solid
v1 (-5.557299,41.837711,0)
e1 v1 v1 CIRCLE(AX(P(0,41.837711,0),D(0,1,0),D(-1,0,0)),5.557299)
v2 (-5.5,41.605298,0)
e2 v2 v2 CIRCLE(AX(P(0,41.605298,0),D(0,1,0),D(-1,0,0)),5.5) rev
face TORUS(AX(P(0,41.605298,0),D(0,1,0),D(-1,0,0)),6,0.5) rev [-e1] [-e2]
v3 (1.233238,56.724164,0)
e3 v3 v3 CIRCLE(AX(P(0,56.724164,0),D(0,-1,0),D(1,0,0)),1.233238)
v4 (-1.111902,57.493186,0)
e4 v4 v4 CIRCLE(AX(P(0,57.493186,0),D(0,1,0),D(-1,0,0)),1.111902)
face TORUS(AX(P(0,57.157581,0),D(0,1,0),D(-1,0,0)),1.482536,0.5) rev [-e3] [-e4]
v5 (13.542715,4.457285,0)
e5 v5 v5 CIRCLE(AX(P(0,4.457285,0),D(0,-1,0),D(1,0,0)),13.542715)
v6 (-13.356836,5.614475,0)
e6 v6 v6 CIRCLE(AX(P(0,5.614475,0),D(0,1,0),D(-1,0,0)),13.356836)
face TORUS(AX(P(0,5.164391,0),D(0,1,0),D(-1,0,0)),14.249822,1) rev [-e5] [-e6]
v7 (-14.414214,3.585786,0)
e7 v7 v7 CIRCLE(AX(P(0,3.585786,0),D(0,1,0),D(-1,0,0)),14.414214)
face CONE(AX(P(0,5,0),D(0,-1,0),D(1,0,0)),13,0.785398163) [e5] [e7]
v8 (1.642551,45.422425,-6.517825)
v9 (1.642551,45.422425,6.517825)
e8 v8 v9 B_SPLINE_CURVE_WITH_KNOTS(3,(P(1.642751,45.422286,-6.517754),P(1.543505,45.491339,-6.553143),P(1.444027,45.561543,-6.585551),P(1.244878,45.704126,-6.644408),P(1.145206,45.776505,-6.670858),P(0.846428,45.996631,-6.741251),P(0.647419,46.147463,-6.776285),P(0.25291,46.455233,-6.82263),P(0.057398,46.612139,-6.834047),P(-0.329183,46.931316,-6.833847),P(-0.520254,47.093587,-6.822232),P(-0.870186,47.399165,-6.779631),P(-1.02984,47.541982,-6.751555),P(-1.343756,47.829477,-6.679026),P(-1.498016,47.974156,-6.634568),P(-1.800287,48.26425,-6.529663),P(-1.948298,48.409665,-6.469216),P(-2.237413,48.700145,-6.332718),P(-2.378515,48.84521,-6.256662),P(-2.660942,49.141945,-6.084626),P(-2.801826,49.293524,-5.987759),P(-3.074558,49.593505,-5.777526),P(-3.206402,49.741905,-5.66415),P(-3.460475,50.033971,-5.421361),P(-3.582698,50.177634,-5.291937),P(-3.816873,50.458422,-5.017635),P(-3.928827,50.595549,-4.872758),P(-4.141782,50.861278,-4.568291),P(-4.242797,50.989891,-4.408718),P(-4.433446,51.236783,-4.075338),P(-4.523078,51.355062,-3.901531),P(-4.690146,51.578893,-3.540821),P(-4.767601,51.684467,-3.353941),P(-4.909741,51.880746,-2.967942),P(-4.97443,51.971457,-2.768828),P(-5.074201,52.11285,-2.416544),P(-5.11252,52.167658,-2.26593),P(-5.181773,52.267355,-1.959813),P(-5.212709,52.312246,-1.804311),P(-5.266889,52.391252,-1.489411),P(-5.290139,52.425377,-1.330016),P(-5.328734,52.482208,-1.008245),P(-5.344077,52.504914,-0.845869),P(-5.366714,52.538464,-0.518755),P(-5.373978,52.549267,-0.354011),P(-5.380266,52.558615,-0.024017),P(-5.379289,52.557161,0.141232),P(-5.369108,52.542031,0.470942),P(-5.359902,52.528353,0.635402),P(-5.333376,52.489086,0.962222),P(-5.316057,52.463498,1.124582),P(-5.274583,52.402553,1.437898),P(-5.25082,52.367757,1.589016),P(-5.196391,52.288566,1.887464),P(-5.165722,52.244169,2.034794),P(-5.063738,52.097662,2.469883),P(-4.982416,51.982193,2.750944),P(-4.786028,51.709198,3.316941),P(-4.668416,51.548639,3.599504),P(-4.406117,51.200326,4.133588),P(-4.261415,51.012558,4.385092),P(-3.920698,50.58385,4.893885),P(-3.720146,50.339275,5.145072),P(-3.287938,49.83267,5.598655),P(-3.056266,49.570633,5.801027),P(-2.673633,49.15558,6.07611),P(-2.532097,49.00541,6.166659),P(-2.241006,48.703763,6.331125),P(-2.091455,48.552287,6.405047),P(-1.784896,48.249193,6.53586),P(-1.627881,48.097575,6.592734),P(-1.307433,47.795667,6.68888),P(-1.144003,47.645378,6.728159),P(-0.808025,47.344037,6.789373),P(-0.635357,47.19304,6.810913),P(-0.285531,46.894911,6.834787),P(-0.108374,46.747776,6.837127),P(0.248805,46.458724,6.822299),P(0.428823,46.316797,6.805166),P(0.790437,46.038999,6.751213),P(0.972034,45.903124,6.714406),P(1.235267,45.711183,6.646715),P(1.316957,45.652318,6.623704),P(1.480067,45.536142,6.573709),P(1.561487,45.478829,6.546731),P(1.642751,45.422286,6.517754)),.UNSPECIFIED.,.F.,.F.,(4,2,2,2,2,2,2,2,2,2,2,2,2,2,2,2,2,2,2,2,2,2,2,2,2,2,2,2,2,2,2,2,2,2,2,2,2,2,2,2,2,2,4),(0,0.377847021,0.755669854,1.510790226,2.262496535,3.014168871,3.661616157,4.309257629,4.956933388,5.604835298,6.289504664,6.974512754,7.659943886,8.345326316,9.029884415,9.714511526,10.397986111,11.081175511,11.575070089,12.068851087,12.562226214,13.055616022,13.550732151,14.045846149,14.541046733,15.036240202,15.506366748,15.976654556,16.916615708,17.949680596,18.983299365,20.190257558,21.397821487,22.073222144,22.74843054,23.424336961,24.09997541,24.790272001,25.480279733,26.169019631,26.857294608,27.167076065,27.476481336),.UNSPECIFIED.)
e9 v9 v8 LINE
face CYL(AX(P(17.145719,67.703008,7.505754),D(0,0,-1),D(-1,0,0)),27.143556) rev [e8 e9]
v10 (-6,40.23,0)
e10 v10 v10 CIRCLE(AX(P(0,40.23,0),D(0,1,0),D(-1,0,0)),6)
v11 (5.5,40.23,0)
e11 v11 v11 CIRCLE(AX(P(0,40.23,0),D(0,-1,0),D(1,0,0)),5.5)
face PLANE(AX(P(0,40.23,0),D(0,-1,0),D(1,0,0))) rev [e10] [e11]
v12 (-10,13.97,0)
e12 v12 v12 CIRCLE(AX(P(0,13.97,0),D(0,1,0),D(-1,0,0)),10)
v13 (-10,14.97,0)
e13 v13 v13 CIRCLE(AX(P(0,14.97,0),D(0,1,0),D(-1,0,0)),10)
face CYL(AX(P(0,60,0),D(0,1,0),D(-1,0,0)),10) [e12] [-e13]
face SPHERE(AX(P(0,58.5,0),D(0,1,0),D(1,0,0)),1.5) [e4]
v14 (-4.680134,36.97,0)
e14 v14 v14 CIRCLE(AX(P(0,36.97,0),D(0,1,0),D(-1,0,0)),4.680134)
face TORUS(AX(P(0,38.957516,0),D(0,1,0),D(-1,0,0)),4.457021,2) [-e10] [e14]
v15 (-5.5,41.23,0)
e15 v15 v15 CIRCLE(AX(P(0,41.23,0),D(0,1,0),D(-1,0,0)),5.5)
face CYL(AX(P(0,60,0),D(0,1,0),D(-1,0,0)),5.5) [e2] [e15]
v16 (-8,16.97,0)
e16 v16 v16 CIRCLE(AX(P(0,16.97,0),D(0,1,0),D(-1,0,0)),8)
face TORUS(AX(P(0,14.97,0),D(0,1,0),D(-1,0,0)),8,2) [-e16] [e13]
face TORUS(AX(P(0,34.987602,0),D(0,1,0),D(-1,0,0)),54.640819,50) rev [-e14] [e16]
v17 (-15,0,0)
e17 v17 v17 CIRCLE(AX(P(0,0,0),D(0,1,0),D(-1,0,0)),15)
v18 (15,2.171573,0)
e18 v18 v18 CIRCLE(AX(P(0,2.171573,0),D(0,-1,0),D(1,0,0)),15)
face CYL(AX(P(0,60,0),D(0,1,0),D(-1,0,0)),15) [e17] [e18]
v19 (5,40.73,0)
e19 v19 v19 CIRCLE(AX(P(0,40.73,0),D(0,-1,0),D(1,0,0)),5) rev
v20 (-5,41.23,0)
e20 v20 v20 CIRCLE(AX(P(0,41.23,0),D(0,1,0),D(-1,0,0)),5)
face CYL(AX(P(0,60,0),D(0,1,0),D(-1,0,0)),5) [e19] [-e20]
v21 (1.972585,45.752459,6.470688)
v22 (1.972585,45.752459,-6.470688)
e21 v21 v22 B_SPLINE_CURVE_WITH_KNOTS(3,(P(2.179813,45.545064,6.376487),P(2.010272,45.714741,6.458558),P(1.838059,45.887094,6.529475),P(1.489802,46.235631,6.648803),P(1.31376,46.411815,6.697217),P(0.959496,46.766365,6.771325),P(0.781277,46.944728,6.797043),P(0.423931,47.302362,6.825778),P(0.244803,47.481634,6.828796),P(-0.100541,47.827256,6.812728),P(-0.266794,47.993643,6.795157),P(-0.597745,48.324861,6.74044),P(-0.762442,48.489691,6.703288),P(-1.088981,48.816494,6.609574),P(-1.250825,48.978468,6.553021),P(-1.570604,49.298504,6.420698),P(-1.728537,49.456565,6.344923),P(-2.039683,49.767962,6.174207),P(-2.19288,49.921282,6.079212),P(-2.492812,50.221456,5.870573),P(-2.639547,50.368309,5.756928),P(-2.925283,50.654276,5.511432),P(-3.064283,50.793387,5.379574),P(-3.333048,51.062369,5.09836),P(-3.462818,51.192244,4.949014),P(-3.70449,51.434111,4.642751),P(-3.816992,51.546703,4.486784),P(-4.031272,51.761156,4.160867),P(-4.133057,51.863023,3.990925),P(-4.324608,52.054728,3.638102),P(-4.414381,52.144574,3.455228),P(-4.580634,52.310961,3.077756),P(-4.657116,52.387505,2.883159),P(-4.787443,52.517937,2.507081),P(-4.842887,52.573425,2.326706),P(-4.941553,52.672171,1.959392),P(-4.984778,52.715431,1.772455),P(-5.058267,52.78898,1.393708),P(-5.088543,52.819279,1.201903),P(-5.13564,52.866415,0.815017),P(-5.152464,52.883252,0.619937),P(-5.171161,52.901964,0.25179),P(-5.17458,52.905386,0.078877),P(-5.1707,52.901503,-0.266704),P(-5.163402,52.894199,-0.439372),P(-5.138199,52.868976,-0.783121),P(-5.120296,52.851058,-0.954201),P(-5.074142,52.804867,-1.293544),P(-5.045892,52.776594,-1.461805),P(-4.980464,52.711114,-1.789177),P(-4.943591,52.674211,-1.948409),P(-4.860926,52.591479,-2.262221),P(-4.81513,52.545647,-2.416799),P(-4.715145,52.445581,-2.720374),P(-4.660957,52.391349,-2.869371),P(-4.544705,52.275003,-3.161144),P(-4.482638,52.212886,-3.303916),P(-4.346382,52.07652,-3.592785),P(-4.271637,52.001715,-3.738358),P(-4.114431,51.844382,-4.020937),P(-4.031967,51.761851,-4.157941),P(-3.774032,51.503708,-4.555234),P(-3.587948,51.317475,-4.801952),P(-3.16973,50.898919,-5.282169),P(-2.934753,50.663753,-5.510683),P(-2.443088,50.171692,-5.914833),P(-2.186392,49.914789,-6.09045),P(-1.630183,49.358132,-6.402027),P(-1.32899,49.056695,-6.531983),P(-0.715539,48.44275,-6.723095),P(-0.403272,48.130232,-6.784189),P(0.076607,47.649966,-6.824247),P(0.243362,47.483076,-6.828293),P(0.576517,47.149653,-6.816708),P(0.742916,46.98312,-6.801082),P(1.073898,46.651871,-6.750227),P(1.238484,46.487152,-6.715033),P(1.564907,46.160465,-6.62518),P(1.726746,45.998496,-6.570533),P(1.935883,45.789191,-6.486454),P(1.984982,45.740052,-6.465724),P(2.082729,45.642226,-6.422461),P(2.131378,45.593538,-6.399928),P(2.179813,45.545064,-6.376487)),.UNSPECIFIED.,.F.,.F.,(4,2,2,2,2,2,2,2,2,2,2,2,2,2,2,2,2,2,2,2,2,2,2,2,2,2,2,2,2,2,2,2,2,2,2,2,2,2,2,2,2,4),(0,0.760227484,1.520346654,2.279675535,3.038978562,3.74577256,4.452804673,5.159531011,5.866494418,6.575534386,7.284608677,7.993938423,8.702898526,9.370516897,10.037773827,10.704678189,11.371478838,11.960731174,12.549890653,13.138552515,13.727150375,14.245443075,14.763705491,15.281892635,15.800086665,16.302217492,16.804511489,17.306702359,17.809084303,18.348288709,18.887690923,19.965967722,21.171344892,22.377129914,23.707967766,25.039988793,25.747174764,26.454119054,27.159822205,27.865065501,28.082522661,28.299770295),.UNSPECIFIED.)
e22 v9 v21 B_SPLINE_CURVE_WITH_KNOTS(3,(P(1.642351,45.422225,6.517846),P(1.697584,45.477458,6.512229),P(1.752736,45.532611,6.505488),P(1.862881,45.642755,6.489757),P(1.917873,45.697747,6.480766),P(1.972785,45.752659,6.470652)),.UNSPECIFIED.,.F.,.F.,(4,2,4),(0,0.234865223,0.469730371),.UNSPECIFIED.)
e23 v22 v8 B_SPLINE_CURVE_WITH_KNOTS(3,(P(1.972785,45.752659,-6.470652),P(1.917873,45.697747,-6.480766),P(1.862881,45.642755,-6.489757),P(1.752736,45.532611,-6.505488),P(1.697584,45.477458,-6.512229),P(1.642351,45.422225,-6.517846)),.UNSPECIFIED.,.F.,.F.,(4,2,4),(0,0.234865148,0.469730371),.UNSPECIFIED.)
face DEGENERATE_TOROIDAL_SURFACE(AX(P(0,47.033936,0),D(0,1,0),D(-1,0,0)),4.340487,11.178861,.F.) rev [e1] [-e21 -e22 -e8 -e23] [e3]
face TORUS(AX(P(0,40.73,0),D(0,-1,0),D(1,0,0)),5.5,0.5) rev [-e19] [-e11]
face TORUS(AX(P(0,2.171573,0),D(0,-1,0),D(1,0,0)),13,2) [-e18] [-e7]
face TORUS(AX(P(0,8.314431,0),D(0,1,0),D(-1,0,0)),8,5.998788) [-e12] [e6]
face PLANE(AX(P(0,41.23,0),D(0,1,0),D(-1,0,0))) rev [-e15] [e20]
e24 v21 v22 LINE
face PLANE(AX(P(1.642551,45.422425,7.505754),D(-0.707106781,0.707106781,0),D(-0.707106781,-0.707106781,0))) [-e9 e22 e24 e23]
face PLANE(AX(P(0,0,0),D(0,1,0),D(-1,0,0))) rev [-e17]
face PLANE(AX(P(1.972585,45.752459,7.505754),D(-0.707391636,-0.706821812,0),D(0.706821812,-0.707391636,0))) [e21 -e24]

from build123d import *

# Parameters (mm, degrees)
FILLET7_R               = 2
FILLET8_R               = 1
FILLET9_R               = 0.5
FILLET10_R              = 0.5
CUT_EXTRUDE3_DEPTH      = 1
CUT_EXTRUDE3_DEPTH_BACK = 14


with BuildPart() as part:
    # Sketch3 → Revolve1 (revolve)
    with BuildSketch(Plane.XY, mode=Mode.PRIVATE) as revolve1_sk:
        with BuildLine():
            ThreePointArc((0.529133906, 57.096426949), (1.475696374, 58.768924175), (0, 60))
            Line((0, 60), (0, 58.5))
            Line((0, 58.5), (0, 0))
            Line((0, 0), (13, 0))
            Line((13, 0), (15, 0))
            Line((15, 0), (15, 3))
            Line((15, 3), (13, 5))
            ThreePointArc((13, 5), (13.689044296, 10.217121838), (10, 13.97))
            Line((10, 13.97), (10, 14.97))
            ThreePointArc((10, 14.97), (9.414213562, 16.384213562), (8, 16.97))
            ThreePointArc((8, 16.97), (5.315747627, 26.799969862), (4.680133538, 36.97))
            ThreePointArc((4.680133538, 36.97), (6.310846591, 38.206963273), (6, 40.23))
            Line((6, 40.23), (5, 40.23))
            Line((5, 40.23), (5, 41.23))
            Line((5, 41.23), (5.5, 41.23))
            Line((5.5, 41.23), (5.5, 41.73))
            ThreePointArc((5.5, 41.73), (6.295705275, 50.474624776), (0.529133906, 57.096426949))
        make_face()
    revolve(revolve1_sk.sketch.rotate(Axis((0, 60, 0), (0, -1, 0)), 180), axis=Axis((0, 60, 0), (0, -1, 0)))

    # Fillet7
    fillet7_edges = [part.edges().sort_by_distance(p)[0] for p in [
        (15, 3, 0),
    ]]
    fillet(fillet7_edges, radius=FILLET7_R)

    # Fillet8
    fillet8_edges = [part.edges().sort_by_distance(p)[0] for p in [
        (13, 5, 0),
    ]]
    fillet(fillet8_edges, radius=FILLET8_R)

    # Fillet9
    fillet9_edges = [part.edges().sort_by_distance(p)[0] for p in [
        (5, 40.23, 0),
    ]]
    fillet(fillet9_edges, radius=FILLET9_R)

    # Fillet10
    fillet10_edges = [part.edges().sort_by_distance(p)[0] for p in [
        (0.529133906, 57.096426949, 0),
        (5.5, 41.73, 0),
    ]]
    fillet(fillet10_edges, radius=FILLET10_R)

    # Sketch4 → Cut-Extrude3 (cut, two sides: drawn at the far end of the back side and taken through both)
    with BuildSketch(Plane.XY.offset(6.505754049).offset(-CUT_EXTRUDE3_DEPTH_BACK)):
        with BuildLine():
            Line((1.642550832, 45.422425081), (1.972584895, 45.752459144))
            Line((1.972584895, 45.752459144), (-6.308521806, 54.040241883))
            ThreePointArc((-6.308521806, 54.040241883), (-2.803882994, 49.296868424), (1.642550832, 45.422425081))
        make_face()
    extrude(amount=CUT_EXTRUDE3_DEPTH + CUT_EXTRUDE3_DEPTH_BACK, mode=Mode.SUBTRACT)


solid = part.part
